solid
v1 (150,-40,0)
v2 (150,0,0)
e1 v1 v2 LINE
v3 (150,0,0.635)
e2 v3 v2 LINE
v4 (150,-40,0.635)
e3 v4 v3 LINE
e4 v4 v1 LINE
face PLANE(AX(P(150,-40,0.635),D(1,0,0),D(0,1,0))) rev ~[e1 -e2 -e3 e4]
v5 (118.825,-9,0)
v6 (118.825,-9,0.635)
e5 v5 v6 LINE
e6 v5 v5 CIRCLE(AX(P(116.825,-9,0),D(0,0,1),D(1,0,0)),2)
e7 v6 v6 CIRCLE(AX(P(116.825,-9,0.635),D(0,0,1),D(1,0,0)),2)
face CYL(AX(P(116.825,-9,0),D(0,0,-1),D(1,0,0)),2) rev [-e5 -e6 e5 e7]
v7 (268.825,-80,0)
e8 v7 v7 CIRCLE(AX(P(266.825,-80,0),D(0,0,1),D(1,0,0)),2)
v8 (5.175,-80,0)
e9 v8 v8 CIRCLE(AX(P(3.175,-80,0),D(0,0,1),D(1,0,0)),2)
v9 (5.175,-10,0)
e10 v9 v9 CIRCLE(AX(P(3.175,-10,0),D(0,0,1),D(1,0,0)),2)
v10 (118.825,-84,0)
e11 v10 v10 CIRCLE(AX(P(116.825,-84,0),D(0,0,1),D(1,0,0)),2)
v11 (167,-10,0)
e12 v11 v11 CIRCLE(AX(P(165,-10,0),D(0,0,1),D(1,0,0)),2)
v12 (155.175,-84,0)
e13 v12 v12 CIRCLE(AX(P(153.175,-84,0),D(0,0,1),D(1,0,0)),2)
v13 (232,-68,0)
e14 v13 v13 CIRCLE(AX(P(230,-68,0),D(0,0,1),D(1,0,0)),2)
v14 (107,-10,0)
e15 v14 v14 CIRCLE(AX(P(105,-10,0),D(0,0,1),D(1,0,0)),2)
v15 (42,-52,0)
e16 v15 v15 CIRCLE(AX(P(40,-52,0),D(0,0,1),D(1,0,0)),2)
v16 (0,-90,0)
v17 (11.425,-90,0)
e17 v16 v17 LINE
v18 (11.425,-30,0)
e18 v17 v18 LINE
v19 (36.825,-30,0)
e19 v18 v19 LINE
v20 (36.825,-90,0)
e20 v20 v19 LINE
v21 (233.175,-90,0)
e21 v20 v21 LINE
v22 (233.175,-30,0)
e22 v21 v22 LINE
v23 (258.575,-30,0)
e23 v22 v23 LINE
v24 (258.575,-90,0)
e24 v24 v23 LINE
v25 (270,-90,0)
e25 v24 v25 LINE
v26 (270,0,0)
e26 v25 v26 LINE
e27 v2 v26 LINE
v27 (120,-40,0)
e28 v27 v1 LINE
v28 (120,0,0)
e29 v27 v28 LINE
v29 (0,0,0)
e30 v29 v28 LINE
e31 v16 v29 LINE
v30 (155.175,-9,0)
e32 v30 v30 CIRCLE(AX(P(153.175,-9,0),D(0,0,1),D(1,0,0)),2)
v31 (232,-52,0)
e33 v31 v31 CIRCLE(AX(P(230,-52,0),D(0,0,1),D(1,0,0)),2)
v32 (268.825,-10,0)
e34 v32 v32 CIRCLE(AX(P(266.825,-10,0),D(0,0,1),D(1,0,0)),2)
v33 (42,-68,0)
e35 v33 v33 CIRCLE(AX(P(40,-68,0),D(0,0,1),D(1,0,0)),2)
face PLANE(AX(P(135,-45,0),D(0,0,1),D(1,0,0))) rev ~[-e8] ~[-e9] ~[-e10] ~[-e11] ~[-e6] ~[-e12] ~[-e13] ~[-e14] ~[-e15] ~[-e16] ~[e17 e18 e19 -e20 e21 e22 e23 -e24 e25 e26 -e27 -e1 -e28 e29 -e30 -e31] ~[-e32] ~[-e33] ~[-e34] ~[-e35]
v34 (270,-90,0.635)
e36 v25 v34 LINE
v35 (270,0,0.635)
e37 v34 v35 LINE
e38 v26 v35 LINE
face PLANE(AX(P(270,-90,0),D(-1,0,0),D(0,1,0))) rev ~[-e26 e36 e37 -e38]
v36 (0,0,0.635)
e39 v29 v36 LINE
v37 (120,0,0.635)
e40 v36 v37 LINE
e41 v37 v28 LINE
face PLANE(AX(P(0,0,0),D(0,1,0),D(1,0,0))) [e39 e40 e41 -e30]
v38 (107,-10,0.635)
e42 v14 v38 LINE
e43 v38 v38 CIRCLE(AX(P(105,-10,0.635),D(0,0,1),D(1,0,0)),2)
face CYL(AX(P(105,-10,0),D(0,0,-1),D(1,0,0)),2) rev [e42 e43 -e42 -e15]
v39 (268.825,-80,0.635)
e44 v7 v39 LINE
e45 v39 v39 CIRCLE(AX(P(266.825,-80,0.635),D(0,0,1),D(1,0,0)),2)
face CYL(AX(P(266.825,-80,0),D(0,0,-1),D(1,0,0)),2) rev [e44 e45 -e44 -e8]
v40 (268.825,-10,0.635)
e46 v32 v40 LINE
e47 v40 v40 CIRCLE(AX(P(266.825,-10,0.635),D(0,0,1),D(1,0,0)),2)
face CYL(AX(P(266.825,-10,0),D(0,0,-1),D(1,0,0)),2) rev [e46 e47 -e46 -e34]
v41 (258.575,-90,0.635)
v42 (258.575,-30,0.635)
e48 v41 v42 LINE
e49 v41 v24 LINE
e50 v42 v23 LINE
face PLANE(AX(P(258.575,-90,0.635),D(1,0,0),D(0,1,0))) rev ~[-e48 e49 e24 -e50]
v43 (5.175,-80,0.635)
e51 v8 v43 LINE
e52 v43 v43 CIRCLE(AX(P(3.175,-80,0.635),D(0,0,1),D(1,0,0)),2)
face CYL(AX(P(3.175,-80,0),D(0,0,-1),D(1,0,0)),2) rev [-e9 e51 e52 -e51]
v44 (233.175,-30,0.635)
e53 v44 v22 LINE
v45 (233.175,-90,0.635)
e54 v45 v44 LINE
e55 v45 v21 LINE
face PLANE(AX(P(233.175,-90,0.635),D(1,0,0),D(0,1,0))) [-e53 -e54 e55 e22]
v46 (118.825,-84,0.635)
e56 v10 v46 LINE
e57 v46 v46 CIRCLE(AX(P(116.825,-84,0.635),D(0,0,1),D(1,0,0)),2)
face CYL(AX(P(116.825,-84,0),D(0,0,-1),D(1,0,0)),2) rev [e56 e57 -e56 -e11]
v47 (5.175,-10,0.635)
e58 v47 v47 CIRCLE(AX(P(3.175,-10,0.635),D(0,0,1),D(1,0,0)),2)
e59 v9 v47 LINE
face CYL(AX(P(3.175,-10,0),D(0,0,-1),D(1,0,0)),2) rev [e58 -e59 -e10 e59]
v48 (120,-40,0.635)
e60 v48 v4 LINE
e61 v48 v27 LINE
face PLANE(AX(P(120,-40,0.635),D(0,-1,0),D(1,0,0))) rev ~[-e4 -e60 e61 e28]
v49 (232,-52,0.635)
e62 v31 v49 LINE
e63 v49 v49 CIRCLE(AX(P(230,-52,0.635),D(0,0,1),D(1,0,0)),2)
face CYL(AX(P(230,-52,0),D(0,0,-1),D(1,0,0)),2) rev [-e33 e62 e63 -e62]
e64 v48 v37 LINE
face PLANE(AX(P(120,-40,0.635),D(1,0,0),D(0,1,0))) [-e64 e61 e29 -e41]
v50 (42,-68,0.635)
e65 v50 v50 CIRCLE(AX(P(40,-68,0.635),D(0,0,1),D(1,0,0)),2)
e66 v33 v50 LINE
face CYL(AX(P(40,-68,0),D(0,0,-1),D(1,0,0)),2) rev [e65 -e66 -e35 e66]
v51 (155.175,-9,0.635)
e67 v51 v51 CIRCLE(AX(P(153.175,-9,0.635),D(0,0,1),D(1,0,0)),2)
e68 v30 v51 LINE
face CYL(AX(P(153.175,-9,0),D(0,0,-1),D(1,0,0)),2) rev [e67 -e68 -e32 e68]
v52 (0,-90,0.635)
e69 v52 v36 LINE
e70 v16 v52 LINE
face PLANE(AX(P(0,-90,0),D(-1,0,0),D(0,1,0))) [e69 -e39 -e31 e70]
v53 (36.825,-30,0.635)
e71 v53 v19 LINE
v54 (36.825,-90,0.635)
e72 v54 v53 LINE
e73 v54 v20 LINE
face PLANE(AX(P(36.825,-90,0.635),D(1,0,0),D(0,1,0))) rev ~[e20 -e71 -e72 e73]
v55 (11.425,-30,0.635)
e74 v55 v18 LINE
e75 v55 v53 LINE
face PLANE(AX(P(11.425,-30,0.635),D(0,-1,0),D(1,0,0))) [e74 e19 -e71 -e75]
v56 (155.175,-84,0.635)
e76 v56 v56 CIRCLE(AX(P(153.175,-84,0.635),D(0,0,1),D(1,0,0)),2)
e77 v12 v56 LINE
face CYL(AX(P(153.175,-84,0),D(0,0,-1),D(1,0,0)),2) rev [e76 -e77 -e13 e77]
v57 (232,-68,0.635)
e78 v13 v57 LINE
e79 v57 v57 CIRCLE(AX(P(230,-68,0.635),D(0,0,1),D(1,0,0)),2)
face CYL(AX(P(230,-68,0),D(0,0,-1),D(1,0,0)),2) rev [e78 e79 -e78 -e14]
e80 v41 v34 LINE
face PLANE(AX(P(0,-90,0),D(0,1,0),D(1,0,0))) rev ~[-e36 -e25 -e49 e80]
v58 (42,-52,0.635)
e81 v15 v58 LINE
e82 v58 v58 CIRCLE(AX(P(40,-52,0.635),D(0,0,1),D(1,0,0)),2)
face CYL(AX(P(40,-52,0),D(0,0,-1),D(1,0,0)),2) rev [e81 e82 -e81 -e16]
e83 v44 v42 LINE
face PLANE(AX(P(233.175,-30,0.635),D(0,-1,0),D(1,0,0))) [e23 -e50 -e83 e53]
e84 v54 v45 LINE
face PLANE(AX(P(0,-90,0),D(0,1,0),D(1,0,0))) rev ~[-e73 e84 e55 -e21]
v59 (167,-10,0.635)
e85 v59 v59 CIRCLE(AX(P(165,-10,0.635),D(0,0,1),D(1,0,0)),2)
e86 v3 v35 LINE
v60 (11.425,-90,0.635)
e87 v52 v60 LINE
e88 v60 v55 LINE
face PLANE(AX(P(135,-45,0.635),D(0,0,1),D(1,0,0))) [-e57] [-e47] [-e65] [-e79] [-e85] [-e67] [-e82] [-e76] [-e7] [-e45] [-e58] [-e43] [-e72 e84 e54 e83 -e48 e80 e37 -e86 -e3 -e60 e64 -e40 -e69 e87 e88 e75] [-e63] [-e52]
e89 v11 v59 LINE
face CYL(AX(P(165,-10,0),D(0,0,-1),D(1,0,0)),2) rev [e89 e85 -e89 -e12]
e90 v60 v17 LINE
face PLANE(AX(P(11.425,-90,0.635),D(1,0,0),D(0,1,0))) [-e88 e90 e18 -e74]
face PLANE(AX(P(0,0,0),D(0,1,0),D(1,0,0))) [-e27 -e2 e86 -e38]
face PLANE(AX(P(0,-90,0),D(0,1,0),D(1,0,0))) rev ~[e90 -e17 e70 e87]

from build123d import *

# Parameters (mm, degrees)
F0_W     = 270
F0_H     = 90
F0_R     = 2
F1_DEPTH = 0.635
F2_W     = 30
F2_H     = 40
F2_W_2   = 25.4
F2_H_2   = 60
F3_DEPTH = 0.636


with BuildPart() as f1:
    # F0 (on Top) → F1 (new body)
    with BuildSketch(Plane.XY):
        with Locations((135, -45)):
            Rectangle(F0_W, F0_H)
        with Locations((3.175, -80)):
            Circle(F0_R, mode=Mode.SUBTRACT)
        with Locations((40, -68)):
            Circle(F0_R, mode=Mode.SUBTRACT)
        with Locations((116.825, -84)):
            Circle(F0_R, mode=Mode.SUBTRACT)
        with Locations((40, -52)):
            Circle(F0_R, mode=Mode.SUBTRACT)
        with Locations((153.175, -84)):
            Circle(F0_R, mode=Mode.SUBTRACT)
        with Locations((266.825, -80)):
            Circle(F0_R, mode=Mode.SUBTRACT)
        with Locations((230, -68)):
            Circle(F0_R, mode=Mode.SUBTRACT)
        with Locations((230, -52)):
            Circle(F0_R, mode=Mode.SUBTRACT)
        with Locations((3.175, -10)):
            Circle(F0_R, mode=Mode.SUBTRACT)
        with Locations((105, -10)):
            Circle(F0_R, mode=Mode.SUBTRACT)
        with Locations((116.825, -9)):
            Circle(F0_R, mode=Mode.SUBTRACT)
        with Locations((153.175, -9)):
            Circle(F0_R, mode=Mode.SUBTRACT)
        with Locations((165, -10)):
            Circle(F0_R, mode=Mode.SUBTRACT)
        with Locations((266.825, -10)):
            Circle(F0_R, mode=Mode.SUBTRACT)
    extrude(amount=F1_DEPTH)

    # F2 (on face) → F3 (cut, through all)
    with BuildSketch(Plane.XY.offset(0.635)):
        with Locations((135, -20)):
            Rectangle(F2_W, F2_H)
        with Locations((24.125, -60)):
            Rectangle(F2_W_2, F2_H_2)
        with Locations((245.875, -60)):
            Rectangle(F2_W_2, F2_H_2)
    extrude(amount=-F3_DEPTH, mode=Mode.SUBTRACT)


solid = f1.part
